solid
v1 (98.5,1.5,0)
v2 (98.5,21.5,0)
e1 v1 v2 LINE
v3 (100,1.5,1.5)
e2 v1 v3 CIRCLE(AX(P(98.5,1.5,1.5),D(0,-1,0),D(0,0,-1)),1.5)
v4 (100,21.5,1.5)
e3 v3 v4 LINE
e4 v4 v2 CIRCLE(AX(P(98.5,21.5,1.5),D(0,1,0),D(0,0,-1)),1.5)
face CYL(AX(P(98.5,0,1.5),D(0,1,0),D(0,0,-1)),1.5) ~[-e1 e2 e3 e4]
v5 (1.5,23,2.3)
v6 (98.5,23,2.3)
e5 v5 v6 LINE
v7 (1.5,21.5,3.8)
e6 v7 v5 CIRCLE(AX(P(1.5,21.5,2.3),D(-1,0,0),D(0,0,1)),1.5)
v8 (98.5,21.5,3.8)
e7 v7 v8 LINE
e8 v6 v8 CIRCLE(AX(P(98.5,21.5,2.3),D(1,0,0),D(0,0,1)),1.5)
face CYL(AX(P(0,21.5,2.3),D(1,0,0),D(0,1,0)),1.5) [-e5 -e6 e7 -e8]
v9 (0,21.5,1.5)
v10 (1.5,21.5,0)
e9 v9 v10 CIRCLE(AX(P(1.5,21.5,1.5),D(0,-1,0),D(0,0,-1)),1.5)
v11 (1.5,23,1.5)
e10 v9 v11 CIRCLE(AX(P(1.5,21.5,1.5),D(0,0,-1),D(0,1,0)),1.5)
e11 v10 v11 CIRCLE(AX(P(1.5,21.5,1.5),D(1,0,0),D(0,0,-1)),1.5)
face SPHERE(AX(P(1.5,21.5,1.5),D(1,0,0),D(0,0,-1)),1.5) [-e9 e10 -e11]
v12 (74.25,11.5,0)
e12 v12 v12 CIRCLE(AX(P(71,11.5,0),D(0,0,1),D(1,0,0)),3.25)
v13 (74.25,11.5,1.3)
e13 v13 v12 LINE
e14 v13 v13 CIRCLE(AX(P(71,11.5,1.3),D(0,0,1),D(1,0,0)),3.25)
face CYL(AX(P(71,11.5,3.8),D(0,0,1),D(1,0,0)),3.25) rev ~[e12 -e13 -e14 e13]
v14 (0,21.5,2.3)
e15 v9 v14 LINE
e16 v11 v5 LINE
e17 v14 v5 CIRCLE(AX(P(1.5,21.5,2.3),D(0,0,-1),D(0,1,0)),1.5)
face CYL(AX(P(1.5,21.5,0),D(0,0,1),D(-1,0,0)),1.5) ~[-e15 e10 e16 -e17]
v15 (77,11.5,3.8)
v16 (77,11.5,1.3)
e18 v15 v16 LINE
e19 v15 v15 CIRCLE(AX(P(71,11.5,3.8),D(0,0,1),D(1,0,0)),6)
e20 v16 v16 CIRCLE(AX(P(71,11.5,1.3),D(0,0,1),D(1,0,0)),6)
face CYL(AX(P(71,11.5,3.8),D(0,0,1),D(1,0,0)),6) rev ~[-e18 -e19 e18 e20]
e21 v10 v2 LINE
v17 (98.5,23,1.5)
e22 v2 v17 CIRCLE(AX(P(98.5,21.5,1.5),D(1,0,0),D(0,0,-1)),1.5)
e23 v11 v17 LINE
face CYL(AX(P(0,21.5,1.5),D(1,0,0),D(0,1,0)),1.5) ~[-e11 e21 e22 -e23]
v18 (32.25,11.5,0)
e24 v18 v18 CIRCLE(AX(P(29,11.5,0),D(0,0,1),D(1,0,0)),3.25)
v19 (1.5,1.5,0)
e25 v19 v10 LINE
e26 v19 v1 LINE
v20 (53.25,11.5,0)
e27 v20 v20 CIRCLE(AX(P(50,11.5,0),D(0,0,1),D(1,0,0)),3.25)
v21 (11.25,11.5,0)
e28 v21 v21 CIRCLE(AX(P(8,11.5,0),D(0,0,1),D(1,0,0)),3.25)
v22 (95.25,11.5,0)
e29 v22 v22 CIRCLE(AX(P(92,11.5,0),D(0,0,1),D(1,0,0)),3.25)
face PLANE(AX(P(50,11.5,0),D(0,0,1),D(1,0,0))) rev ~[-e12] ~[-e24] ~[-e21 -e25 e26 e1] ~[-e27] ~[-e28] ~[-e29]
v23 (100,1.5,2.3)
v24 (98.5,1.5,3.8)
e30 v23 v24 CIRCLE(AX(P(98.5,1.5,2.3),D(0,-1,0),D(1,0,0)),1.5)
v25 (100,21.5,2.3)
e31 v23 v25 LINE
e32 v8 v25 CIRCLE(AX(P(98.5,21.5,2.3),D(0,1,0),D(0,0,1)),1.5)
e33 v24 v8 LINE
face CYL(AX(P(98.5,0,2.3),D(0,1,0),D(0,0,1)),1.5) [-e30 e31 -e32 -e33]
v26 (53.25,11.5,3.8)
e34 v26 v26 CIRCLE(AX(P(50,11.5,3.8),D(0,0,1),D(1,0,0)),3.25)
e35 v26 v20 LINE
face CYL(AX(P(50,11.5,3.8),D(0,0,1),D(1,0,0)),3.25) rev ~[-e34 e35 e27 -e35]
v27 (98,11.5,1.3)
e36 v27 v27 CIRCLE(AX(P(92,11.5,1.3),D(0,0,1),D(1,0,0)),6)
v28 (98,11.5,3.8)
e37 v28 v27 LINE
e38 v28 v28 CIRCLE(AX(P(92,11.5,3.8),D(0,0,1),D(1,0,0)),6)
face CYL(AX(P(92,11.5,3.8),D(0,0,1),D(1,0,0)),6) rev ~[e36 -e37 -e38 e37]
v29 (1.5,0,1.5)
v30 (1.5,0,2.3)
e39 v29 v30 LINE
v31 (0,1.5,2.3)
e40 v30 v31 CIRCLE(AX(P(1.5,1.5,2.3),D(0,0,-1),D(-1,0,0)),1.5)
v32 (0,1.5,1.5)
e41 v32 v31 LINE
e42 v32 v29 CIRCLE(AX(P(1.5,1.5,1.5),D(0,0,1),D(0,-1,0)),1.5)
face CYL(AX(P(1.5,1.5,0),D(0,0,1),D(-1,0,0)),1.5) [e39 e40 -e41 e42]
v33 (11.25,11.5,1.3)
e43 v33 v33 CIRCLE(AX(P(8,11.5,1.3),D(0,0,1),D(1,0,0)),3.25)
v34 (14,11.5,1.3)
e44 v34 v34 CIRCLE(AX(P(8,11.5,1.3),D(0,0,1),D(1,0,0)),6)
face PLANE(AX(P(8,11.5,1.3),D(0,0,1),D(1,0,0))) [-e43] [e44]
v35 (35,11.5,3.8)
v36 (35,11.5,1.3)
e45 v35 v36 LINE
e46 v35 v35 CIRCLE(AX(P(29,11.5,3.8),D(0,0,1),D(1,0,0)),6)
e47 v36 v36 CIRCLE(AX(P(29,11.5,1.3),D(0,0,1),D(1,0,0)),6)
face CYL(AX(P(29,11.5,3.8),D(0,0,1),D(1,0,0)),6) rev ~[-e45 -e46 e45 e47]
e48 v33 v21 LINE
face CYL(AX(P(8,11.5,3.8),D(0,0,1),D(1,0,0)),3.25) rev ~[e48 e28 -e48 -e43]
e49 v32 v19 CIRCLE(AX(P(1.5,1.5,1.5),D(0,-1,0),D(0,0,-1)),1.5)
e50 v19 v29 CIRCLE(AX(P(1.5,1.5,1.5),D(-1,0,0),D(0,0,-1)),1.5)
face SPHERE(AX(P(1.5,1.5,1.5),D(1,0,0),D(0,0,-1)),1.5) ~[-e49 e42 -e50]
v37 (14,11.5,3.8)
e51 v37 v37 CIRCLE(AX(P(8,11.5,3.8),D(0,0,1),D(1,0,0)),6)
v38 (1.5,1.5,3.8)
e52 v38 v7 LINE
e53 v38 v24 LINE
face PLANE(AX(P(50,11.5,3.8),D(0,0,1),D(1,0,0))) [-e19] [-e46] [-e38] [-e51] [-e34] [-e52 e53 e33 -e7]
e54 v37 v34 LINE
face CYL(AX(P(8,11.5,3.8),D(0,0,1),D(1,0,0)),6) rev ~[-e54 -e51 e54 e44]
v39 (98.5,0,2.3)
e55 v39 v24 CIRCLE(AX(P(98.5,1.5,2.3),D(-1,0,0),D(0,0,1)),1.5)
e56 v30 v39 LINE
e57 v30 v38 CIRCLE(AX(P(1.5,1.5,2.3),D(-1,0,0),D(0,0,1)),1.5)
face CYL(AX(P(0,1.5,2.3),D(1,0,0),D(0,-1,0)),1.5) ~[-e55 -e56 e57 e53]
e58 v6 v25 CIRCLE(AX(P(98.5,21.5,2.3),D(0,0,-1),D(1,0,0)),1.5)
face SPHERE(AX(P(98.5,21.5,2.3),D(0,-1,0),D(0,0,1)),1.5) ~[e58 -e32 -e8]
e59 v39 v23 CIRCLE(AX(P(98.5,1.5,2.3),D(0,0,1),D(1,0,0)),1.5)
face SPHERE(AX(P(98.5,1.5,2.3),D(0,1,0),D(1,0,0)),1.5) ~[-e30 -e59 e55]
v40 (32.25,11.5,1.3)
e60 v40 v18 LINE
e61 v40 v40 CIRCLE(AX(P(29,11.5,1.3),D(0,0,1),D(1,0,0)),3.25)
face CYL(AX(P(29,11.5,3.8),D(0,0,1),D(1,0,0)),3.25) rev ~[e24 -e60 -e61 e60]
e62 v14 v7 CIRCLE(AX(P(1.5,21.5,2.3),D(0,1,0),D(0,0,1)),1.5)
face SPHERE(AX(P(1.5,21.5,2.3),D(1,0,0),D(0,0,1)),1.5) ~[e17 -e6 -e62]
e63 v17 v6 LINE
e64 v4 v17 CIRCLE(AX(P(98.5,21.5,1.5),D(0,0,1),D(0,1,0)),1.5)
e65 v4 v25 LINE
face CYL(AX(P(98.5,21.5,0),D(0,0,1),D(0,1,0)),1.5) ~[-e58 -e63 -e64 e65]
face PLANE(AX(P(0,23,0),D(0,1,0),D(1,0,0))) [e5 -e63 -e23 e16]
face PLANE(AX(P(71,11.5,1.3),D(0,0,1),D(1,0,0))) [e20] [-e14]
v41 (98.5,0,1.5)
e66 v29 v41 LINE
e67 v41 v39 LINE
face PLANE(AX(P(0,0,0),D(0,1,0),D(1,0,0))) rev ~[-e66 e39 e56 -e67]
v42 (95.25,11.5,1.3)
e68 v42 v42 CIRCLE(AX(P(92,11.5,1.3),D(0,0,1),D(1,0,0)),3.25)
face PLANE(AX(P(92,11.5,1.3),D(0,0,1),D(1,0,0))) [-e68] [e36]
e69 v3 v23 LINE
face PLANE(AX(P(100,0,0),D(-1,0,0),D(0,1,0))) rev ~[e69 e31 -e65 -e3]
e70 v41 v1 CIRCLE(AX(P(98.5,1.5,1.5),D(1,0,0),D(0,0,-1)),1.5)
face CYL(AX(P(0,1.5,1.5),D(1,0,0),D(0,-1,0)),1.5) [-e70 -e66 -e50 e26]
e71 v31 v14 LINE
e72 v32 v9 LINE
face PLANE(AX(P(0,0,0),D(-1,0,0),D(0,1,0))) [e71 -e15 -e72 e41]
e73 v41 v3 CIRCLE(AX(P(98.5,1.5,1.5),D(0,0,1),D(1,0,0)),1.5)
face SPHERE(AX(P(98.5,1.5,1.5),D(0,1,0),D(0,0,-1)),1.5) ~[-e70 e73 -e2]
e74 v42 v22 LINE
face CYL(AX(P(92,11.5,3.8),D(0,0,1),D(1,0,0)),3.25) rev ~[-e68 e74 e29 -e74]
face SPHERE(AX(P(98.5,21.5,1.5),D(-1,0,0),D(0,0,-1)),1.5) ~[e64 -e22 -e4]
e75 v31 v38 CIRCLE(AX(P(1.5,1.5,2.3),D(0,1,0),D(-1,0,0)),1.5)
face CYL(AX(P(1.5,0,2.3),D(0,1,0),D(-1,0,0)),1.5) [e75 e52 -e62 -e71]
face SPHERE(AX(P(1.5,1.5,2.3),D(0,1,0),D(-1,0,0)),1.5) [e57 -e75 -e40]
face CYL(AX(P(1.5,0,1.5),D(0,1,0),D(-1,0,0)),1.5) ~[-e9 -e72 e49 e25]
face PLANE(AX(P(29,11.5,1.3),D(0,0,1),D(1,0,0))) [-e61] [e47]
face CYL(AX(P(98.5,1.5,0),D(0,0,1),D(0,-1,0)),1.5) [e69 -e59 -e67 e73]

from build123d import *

# Parameters (mm, degrees)
SKETCH1_W           = 100
SKETCH1_H           = 23
BOSS_EXTRUDE1_DEPTH = 3.8
SKETCH2_R           = 3.25
CUT_EXTRUDE1_DEPTH  = 103.681254375
SKETCH3_R           = 6
CUT_EXTRUDE5_DEPTH  = 2.5
FILLET1_R           = 1.5


with BuildPart() as part:
    # Sketch1 → Boss-Extrude1 (new body)
    with BuildSketch(Plane.XY):
        with Locations((50, 11.5)):
            Rectangle(SKETCH1_W, SKETCH1_H)
    extrude(amount=BOSS_EXTRUDE1_DEPTH)

    # Sketch2 → Cut-Extrude1 (cut, through all)
    with BuildSketch(Plane.XY.offset(3.8)):
        with Locations((8, 11.5)):
            Circle(SKETCH2_R)
        with Locations((29, 11.5)):
            Circle(SKETCH2_R)
        with Locations((50, 11.5)):
            Circle(SKETCH2_R)
        with Locations((71, 11.5)):
            Circle(SKETCH2_R)
        with Locations((92, 11.5)):
            Circle(SKETCH2_R)
    extrude(amount=-CUT_EXTRUDE1_DEPTH, mode=Mode.SUBTRACT)

    # Sketch3 → Cut-Extrude5 (cut)
    with BuildSketch(Plane.XY.offset(3.8)):
        with Locations((8, 11.5)):
            Circle(SKETCH3_R)
        with Locations((29, 11.5)):
            Circle(SKETCH3_R)
        with Locations((71, 11.5)):
            Circle(SKETCH3_R)
        with Locations((92, 11.5)):
            Circle(SKETCH3_R)
    extrude(amount=-CUT_EXTRUDE5_DEPTH, mode=Mode.SUBTRACT)

    # Fillet1
    fillet1_edges = [part.edges().sort_by_distance(p)[0] for p in [
        (100, 11.5, 3.8),
        (50, 23, 3.8),
        (0, 11.5, 3.8),
        (50, 23, 0),
        (100, 11.5, 0),
        (50, 0, 0),
        (0, 11.5, 0),
        (0, 23, 1.9),
        (100, 23, 1.9),
        (100, 0, 1.9),
        (0, 0, 1.9),
        (50, 0, 3.8),
    ]]
    fillet(fillet1_edges, radius=FILLET1_R)


solid = part.part
